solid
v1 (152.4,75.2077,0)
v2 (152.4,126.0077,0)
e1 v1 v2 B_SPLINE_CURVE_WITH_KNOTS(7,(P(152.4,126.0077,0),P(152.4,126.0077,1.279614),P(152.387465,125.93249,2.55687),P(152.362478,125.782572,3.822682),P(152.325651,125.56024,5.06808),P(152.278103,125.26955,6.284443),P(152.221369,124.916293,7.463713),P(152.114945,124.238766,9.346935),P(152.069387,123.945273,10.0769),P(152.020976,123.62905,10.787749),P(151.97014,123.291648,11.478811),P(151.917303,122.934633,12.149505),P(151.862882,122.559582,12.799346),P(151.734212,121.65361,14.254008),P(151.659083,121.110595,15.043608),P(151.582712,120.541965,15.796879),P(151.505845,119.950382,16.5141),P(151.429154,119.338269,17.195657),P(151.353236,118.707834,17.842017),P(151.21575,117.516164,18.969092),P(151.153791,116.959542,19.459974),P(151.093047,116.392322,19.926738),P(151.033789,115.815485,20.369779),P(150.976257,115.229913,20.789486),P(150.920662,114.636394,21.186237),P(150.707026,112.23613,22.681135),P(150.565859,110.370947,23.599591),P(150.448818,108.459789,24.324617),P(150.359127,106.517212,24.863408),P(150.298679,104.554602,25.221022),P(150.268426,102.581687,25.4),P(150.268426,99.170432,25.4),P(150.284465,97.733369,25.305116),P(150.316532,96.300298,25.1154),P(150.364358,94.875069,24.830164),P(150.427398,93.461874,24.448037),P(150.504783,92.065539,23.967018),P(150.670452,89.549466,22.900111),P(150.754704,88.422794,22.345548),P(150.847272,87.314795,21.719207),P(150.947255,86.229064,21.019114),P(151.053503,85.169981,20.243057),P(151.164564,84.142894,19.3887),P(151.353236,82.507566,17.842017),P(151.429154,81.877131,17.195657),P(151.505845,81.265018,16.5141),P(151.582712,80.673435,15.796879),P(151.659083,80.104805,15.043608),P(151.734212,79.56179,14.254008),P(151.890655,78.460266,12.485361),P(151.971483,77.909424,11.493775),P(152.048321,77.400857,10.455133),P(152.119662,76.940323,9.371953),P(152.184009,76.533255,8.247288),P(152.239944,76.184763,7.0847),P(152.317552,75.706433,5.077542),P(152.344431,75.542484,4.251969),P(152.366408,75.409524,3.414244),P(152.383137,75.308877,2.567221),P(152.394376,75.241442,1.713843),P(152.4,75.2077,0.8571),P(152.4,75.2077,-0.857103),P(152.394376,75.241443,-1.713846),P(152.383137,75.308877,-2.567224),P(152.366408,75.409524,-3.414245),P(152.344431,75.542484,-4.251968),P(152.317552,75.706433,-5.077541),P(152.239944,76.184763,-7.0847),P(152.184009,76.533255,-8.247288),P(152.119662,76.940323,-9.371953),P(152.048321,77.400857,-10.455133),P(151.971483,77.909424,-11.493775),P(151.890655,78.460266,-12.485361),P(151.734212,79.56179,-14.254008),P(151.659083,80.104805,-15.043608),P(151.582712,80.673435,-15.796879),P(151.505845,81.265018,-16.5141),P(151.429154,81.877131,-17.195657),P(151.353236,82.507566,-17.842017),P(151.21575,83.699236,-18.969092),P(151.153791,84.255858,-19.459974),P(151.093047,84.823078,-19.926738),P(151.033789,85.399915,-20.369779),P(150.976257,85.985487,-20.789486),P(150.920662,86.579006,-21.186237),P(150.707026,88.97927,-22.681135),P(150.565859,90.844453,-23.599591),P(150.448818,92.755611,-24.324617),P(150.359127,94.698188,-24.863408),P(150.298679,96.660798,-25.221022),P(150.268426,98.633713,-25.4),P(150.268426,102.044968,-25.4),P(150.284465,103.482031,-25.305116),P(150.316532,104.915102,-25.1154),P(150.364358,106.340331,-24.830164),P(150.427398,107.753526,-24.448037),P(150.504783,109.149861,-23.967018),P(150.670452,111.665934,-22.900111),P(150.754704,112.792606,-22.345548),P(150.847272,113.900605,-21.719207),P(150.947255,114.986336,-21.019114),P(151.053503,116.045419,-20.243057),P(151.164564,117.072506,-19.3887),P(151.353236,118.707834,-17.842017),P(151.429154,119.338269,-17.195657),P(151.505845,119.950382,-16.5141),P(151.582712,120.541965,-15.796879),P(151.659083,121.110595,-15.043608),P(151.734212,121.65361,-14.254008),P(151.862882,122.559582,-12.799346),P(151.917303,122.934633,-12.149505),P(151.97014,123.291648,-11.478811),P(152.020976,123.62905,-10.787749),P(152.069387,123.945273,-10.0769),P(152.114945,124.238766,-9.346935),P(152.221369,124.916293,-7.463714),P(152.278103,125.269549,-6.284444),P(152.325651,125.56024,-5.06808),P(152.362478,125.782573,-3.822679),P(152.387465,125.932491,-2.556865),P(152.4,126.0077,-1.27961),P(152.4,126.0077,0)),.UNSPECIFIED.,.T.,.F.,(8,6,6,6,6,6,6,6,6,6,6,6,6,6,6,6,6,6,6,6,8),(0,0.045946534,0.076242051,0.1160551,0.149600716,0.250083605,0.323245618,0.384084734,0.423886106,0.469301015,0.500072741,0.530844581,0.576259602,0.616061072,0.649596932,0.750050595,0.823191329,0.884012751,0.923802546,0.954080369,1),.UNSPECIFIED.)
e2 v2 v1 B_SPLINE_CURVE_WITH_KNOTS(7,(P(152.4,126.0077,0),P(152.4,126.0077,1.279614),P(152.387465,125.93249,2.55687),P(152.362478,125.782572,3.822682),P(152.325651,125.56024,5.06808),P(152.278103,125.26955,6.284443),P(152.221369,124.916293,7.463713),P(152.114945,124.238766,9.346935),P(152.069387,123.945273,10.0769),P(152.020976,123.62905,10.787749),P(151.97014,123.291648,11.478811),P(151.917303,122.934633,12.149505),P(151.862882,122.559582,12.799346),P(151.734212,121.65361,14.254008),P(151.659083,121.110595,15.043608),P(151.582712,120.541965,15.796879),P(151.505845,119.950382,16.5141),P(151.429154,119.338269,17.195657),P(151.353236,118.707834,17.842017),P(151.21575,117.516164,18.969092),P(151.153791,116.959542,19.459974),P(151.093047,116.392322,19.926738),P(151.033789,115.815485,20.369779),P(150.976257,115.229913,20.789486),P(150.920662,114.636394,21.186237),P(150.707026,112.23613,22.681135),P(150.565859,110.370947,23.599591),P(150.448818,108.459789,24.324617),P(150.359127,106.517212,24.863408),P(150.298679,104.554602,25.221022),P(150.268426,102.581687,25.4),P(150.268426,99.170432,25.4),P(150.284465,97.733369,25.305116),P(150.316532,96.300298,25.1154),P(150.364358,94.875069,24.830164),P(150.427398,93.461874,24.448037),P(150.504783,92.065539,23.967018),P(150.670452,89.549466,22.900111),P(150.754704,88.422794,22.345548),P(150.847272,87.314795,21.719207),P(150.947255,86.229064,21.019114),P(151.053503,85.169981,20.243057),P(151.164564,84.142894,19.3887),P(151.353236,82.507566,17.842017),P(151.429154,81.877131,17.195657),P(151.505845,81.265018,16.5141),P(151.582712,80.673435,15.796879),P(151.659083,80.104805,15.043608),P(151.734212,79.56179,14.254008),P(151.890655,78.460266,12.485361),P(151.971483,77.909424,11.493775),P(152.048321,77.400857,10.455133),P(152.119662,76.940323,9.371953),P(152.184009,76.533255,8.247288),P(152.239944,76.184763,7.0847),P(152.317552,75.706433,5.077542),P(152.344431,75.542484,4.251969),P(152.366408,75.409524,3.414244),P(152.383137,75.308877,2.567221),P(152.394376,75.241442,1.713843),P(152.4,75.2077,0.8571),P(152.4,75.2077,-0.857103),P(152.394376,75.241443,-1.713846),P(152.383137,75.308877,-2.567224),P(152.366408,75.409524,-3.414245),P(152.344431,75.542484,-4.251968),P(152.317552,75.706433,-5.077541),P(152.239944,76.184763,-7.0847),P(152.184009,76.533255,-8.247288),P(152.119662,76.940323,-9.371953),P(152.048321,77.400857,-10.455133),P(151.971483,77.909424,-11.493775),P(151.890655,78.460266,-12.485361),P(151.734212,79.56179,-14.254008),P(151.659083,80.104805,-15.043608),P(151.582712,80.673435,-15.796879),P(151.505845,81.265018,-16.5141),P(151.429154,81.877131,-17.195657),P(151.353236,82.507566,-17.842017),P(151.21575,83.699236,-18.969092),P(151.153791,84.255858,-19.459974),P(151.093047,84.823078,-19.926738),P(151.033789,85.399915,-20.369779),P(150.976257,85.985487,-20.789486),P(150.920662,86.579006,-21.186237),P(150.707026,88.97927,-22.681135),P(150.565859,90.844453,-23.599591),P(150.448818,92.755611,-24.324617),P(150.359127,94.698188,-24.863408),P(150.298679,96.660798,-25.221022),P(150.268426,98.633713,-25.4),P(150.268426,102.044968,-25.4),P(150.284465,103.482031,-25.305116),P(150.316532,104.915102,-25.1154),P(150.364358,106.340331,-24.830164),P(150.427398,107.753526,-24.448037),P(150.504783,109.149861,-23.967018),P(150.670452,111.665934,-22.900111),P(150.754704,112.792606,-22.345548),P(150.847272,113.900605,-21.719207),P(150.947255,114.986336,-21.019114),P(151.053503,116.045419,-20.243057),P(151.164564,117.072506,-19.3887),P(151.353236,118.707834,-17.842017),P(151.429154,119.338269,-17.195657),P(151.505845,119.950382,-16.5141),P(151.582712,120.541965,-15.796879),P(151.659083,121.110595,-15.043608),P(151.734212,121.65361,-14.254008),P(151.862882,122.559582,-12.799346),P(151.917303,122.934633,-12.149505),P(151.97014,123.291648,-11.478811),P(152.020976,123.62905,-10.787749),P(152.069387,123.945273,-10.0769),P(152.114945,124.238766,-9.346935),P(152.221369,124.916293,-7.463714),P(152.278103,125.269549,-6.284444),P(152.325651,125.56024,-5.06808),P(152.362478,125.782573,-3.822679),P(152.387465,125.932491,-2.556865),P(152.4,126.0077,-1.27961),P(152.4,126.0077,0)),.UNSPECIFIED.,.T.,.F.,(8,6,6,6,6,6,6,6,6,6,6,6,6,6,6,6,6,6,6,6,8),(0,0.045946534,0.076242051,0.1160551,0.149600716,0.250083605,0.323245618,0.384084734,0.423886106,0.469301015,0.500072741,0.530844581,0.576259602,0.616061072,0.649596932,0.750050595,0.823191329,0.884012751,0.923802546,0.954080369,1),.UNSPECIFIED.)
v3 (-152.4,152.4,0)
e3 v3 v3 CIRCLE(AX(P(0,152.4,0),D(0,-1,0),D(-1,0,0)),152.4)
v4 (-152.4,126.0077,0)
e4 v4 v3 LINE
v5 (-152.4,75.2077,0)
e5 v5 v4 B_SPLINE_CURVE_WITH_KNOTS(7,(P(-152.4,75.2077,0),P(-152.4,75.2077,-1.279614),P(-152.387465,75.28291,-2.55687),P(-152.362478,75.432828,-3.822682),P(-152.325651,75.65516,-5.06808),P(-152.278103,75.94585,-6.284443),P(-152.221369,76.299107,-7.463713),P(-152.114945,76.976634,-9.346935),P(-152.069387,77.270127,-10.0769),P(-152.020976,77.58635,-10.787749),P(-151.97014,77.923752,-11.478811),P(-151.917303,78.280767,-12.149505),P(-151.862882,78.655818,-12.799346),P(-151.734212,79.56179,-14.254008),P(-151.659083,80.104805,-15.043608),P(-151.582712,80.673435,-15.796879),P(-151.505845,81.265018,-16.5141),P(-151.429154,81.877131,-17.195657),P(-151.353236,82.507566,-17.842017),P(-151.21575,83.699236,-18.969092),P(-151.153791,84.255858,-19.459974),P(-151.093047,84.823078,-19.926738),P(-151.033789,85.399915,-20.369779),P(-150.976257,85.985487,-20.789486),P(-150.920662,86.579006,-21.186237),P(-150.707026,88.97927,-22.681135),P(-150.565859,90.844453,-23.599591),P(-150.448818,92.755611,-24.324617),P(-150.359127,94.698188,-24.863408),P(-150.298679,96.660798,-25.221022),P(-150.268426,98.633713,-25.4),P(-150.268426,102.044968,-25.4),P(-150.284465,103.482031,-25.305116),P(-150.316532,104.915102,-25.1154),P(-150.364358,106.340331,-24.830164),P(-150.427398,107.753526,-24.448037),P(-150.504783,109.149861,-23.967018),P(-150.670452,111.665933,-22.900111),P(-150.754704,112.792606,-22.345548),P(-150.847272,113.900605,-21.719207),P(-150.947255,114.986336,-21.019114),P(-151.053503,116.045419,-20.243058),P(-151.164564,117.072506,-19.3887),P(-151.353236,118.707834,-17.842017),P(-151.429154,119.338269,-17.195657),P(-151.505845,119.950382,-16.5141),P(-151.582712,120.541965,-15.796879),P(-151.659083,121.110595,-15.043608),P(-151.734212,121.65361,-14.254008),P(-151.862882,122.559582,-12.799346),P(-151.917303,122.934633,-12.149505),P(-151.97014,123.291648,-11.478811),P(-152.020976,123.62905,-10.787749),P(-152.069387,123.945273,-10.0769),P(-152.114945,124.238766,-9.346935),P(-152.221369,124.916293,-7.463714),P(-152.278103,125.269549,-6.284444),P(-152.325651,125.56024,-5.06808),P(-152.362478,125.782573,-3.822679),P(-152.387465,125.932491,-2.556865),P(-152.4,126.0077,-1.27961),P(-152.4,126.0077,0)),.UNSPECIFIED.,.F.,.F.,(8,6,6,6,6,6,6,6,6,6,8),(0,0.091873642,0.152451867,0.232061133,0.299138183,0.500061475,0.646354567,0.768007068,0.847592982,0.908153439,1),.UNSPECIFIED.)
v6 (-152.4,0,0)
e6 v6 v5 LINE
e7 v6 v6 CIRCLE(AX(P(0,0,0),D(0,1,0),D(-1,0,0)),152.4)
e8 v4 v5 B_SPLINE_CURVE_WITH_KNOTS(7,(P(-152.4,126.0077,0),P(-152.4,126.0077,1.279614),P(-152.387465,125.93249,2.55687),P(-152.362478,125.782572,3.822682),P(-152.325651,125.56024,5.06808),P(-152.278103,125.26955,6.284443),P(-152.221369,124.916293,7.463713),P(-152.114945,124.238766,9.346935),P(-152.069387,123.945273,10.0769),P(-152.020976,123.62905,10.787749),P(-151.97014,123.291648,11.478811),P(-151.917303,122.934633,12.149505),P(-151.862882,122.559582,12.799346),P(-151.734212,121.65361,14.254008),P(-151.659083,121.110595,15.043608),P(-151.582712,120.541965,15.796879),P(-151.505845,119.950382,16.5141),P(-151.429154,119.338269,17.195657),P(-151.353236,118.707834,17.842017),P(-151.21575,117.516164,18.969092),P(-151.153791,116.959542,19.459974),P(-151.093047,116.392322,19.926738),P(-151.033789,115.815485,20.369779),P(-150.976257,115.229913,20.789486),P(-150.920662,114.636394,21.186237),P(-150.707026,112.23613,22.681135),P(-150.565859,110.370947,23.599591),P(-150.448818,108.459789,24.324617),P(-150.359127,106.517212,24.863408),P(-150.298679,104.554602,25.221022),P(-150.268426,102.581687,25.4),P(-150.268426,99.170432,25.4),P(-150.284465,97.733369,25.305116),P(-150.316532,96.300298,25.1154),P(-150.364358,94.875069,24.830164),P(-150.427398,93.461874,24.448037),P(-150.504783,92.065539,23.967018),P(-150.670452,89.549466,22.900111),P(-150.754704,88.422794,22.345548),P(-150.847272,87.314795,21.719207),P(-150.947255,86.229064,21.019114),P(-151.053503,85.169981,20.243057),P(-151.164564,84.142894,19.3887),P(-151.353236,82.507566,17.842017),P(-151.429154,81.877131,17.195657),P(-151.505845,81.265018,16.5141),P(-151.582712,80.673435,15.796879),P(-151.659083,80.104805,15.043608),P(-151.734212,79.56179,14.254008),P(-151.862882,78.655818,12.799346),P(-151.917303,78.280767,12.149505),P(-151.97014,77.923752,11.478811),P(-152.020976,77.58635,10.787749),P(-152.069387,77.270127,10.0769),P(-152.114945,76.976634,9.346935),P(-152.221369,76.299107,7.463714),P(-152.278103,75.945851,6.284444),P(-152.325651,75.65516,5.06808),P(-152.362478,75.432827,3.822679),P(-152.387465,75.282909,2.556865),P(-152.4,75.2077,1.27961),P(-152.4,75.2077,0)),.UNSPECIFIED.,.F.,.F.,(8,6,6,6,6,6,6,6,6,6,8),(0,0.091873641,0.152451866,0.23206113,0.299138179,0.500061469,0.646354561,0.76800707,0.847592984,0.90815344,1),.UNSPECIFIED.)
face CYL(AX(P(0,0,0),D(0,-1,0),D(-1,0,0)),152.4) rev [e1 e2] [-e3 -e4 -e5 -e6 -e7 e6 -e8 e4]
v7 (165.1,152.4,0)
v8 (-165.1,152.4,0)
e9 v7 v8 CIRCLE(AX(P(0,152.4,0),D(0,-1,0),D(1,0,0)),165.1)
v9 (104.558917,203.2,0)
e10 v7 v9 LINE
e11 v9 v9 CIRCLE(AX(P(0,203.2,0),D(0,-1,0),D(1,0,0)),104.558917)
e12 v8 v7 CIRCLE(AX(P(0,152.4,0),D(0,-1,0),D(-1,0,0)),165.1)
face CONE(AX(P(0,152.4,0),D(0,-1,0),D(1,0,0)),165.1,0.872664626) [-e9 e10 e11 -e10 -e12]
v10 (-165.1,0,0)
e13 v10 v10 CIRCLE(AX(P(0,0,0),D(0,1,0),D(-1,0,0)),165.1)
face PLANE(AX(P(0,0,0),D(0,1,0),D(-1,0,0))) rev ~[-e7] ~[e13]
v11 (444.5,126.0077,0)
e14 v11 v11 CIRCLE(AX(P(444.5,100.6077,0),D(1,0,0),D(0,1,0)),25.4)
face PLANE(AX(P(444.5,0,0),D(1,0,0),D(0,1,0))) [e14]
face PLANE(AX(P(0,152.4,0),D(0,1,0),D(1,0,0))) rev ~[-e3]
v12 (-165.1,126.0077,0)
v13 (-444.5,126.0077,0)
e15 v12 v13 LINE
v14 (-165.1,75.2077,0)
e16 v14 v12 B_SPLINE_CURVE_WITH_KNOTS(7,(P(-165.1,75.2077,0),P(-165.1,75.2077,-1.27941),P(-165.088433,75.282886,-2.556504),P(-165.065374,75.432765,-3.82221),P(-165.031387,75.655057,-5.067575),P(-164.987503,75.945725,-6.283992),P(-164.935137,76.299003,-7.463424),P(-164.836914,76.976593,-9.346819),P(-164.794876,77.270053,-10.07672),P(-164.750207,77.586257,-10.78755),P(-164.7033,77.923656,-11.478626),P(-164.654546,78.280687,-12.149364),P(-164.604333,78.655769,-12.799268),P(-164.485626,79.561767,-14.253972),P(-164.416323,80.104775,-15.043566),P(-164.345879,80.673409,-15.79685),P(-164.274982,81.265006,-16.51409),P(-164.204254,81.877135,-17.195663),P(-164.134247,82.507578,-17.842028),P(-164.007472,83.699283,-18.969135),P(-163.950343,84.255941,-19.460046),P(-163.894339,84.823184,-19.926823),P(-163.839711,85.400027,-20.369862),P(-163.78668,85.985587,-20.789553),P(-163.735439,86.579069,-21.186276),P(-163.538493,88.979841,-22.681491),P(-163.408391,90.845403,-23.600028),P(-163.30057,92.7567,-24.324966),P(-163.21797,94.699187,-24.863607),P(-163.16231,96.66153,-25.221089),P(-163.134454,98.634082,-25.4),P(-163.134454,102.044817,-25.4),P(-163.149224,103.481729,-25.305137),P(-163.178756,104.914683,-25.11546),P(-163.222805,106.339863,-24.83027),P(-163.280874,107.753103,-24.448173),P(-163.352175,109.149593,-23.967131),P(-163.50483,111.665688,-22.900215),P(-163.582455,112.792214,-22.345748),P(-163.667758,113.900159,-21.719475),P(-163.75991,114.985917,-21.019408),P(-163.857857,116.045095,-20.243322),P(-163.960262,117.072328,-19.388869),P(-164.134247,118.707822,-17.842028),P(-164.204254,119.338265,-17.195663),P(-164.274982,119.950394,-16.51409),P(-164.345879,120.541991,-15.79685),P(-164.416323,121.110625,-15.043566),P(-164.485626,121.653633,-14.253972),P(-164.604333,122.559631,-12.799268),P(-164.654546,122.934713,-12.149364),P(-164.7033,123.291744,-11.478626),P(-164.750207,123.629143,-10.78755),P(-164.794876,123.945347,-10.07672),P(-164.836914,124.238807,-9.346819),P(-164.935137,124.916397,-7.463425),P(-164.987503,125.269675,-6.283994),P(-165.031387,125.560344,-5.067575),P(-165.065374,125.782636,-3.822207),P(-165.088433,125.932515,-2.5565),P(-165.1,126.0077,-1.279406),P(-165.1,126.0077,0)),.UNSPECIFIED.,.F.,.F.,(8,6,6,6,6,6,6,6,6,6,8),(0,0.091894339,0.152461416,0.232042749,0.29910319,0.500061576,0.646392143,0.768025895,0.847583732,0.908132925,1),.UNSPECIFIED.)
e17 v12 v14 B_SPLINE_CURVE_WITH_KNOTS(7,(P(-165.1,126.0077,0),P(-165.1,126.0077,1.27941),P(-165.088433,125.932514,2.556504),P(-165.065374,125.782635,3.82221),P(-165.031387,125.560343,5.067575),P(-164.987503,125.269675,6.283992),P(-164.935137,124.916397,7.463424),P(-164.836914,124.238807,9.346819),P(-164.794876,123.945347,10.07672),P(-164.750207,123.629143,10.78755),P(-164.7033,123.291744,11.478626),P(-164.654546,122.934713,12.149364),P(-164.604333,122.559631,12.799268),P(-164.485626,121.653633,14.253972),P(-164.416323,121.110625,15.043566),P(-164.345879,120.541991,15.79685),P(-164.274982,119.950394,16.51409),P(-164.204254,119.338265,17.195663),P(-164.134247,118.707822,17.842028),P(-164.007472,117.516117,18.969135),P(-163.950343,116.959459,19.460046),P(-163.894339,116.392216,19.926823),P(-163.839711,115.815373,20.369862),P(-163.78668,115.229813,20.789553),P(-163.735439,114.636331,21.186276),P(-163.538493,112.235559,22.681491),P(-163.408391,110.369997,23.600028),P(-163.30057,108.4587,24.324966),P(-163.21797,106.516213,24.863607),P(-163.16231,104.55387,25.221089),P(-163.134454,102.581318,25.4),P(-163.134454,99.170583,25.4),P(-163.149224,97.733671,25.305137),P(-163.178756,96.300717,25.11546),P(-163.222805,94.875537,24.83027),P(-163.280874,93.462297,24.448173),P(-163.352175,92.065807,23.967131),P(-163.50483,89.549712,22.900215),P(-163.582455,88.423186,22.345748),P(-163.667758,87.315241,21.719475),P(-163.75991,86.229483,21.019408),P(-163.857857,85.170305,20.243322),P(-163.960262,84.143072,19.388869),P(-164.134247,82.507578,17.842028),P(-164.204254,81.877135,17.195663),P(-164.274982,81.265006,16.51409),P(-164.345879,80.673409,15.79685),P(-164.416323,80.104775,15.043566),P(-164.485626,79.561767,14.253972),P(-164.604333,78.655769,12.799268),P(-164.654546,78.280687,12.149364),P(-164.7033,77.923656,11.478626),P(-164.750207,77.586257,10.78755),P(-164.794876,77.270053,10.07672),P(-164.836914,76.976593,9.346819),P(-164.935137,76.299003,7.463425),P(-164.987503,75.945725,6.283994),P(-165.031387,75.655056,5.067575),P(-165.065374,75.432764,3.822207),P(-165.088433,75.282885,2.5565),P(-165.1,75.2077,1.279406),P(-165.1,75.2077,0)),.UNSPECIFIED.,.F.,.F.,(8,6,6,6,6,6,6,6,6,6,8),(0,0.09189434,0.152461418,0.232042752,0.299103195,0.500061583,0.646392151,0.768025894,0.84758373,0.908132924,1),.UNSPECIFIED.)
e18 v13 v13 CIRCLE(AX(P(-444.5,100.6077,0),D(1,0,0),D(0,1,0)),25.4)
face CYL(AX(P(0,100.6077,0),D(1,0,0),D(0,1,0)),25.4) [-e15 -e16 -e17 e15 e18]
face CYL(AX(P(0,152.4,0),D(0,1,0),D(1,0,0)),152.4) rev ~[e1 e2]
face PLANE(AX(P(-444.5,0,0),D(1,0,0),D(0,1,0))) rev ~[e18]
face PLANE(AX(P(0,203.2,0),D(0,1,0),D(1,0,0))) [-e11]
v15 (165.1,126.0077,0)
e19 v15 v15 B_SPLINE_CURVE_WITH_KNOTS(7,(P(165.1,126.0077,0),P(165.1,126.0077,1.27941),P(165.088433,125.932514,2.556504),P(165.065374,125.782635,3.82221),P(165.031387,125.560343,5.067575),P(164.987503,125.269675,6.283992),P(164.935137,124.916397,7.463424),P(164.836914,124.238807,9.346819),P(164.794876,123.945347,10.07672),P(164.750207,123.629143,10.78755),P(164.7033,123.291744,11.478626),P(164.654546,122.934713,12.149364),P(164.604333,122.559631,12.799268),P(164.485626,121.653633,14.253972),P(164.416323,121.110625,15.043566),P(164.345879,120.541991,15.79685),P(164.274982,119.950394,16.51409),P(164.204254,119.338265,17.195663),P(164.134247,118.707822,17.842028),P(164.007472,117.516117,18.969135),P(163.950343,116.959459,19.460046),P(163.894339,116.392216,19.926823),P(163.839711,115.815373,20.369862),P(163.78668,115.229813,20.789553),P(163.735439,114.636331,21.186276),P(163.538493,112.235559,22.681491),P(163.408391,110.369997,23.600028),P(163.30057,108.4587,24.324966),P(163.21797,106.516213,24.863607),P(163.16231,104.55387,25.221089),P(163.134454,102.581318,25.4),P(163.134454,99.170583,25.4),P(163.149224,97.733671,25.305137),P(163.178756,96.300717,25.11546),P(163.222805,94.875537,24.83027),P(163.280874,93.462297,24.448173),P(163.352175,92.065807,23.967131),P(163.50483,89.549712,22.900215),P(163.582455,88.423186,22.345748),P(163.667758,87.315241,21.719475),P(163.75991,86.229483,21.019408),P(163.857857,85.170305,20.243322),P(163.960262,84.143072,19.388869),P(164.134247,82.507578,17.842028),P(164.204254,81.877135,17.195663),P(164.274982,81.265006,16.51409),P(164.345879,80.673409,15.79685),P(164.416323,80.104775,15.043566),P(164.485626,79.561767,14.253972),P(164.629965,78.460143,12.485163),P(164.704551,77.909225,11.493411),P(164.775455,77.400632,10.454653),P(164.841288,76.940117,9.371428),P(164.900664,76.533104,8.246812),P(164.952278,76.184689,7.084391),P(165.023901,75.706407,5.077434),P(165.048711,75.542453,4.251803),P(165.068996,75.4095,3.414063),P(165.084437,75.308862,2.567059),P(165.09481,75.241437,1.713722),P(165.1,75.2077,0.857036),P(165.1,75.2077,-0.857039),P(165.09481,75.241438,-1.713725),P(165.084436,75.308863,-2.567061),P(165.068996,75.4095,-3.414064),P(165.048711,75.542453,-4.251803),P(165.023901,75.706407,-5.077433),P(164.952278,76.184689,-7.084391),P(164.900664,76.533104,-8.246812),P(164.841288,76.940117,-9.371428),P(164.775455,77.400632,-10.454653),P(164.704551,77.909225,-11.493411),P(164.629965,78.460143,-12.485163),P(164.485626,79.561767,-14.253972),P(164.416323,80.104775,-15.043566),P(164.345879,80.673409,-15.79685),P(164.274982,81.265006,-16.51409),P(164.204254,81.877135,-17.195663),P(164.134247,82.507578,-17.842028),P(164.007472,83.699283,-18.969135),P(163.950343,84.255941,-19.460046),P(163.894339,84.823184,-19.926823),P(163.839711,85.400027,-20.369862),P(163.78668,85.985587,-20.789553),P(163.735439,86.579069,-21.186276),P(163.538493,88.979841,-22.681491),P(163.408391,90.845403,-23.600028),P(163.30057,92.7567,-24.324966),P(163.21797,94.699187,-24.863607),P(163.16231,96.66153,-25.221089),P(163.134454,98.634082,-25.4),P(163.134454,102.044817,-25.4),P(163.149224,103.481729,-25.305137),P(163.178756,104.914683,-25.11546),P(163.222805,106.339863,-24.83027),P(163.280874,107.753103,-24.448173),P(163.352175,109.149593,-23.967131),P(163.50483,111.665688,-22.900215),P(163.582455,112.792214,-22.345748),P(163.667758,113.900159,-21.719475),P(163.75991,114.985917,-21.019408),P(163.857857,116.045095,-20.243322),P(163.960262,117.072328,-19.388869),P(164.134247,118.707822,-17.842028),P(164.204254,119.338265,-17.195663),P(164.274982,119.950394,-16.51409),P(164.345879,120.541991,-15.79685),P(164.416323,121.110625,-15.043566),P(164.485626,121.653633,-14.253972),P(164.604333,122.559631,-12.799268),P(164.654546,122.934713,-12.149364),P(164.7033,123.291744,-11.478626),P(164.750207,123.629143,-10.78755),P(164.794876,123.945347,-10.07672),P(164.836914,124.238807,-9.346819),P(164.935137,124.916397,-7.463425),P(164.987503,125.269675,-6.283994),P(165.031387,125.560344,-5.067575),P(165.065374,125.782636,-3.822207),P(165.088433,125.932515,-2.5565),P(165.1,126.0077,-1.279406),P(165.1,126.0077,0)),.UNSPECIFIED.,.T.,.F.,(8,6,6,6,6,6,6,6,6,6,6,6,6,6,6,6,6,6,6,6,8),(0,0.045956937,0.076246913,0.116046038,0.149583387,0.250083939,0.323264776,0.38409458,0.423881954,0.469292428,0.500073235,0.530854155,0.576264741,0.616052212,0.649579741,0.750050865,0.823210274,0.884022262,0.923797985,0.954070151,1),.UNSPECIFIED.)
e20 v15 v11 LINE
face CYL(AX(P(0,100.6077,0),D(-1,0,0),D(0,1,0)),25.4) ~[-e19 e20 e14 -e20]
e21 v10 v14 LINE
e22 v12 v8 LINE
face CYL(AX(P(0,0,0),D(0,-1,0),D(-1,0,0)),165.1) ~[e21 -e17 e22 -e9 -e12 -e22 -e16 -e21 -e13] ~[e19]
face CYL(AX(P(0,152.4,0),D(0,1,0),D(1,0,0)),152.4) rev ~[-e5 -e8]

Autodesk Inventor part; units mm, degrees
ref_plane "YZ Plane" through (0, 0, 0) normal (1, 0, 0) x (0, 1, 0)
ref_plane "XZ Plane" through (0, 0, 0) normal (0, 1, 0) x (-1, 0, 0)
sketch "Sketch1" plane through (0, 0, 0) normal (0, 1, 0) x (-1, 0, 0)
  circle A0 centre (0, 0) radius 152.4
  circle A1 centre (0, 0) radius 165.1
  dimension "d0" = 304.8
  dimension "d1" = 330.2
extrude "Extrusion1" add sketch "Sketch1" along normal blind 152.4
sketch "Sketch2" plane through (0, 0, 0) normal (1, 0, 0) x (0, 1, 0)
  circle A0 centre (100.6077, 0) radius 25.4
  point P0 (0, 0)
  dimension "d4" = 50.8
extrude "Extrusion2" add sketch "Sketch2" along normal mid plane 889
sketch "Sketch4" plane through (0, 152.4, 0) normal (0, 1, 0) x (1, 0, 0)
  circle A0 centre (0, 0) radius 152.4
extrude "Extrusion4" cut sketch "Sketch4" against normal through all
sketch "Sketch5" plane through (0, 152.4, 0) normal (0, 1, 0) x (1, 0, 0)
  circle A0 centre (0, 0) radius 165.1
extrude "Extrusion5" add sketch "Sketch5" along normal blind 50.8 draft -50
ref_plane "Work Plane2" through (75.376, -18.8821, -44.9646) normal (1, 0, 0) x (0, 1, 0)
sketch "Sketch9" plane through (75.376, -18.8821, -44.9646) normal (1, 0, 0) x (0, 1, 0)
  circle A0 centre (-604.603, 44.9646) radius 12.7
  point P0 (18.8821, 44.9646)
  dimension "d25" = 25.4
extrude "Extrusion9" cut sketch "Sketch9" against normal through all
properties part number "CapstanTop-ver1-1111-2021"
